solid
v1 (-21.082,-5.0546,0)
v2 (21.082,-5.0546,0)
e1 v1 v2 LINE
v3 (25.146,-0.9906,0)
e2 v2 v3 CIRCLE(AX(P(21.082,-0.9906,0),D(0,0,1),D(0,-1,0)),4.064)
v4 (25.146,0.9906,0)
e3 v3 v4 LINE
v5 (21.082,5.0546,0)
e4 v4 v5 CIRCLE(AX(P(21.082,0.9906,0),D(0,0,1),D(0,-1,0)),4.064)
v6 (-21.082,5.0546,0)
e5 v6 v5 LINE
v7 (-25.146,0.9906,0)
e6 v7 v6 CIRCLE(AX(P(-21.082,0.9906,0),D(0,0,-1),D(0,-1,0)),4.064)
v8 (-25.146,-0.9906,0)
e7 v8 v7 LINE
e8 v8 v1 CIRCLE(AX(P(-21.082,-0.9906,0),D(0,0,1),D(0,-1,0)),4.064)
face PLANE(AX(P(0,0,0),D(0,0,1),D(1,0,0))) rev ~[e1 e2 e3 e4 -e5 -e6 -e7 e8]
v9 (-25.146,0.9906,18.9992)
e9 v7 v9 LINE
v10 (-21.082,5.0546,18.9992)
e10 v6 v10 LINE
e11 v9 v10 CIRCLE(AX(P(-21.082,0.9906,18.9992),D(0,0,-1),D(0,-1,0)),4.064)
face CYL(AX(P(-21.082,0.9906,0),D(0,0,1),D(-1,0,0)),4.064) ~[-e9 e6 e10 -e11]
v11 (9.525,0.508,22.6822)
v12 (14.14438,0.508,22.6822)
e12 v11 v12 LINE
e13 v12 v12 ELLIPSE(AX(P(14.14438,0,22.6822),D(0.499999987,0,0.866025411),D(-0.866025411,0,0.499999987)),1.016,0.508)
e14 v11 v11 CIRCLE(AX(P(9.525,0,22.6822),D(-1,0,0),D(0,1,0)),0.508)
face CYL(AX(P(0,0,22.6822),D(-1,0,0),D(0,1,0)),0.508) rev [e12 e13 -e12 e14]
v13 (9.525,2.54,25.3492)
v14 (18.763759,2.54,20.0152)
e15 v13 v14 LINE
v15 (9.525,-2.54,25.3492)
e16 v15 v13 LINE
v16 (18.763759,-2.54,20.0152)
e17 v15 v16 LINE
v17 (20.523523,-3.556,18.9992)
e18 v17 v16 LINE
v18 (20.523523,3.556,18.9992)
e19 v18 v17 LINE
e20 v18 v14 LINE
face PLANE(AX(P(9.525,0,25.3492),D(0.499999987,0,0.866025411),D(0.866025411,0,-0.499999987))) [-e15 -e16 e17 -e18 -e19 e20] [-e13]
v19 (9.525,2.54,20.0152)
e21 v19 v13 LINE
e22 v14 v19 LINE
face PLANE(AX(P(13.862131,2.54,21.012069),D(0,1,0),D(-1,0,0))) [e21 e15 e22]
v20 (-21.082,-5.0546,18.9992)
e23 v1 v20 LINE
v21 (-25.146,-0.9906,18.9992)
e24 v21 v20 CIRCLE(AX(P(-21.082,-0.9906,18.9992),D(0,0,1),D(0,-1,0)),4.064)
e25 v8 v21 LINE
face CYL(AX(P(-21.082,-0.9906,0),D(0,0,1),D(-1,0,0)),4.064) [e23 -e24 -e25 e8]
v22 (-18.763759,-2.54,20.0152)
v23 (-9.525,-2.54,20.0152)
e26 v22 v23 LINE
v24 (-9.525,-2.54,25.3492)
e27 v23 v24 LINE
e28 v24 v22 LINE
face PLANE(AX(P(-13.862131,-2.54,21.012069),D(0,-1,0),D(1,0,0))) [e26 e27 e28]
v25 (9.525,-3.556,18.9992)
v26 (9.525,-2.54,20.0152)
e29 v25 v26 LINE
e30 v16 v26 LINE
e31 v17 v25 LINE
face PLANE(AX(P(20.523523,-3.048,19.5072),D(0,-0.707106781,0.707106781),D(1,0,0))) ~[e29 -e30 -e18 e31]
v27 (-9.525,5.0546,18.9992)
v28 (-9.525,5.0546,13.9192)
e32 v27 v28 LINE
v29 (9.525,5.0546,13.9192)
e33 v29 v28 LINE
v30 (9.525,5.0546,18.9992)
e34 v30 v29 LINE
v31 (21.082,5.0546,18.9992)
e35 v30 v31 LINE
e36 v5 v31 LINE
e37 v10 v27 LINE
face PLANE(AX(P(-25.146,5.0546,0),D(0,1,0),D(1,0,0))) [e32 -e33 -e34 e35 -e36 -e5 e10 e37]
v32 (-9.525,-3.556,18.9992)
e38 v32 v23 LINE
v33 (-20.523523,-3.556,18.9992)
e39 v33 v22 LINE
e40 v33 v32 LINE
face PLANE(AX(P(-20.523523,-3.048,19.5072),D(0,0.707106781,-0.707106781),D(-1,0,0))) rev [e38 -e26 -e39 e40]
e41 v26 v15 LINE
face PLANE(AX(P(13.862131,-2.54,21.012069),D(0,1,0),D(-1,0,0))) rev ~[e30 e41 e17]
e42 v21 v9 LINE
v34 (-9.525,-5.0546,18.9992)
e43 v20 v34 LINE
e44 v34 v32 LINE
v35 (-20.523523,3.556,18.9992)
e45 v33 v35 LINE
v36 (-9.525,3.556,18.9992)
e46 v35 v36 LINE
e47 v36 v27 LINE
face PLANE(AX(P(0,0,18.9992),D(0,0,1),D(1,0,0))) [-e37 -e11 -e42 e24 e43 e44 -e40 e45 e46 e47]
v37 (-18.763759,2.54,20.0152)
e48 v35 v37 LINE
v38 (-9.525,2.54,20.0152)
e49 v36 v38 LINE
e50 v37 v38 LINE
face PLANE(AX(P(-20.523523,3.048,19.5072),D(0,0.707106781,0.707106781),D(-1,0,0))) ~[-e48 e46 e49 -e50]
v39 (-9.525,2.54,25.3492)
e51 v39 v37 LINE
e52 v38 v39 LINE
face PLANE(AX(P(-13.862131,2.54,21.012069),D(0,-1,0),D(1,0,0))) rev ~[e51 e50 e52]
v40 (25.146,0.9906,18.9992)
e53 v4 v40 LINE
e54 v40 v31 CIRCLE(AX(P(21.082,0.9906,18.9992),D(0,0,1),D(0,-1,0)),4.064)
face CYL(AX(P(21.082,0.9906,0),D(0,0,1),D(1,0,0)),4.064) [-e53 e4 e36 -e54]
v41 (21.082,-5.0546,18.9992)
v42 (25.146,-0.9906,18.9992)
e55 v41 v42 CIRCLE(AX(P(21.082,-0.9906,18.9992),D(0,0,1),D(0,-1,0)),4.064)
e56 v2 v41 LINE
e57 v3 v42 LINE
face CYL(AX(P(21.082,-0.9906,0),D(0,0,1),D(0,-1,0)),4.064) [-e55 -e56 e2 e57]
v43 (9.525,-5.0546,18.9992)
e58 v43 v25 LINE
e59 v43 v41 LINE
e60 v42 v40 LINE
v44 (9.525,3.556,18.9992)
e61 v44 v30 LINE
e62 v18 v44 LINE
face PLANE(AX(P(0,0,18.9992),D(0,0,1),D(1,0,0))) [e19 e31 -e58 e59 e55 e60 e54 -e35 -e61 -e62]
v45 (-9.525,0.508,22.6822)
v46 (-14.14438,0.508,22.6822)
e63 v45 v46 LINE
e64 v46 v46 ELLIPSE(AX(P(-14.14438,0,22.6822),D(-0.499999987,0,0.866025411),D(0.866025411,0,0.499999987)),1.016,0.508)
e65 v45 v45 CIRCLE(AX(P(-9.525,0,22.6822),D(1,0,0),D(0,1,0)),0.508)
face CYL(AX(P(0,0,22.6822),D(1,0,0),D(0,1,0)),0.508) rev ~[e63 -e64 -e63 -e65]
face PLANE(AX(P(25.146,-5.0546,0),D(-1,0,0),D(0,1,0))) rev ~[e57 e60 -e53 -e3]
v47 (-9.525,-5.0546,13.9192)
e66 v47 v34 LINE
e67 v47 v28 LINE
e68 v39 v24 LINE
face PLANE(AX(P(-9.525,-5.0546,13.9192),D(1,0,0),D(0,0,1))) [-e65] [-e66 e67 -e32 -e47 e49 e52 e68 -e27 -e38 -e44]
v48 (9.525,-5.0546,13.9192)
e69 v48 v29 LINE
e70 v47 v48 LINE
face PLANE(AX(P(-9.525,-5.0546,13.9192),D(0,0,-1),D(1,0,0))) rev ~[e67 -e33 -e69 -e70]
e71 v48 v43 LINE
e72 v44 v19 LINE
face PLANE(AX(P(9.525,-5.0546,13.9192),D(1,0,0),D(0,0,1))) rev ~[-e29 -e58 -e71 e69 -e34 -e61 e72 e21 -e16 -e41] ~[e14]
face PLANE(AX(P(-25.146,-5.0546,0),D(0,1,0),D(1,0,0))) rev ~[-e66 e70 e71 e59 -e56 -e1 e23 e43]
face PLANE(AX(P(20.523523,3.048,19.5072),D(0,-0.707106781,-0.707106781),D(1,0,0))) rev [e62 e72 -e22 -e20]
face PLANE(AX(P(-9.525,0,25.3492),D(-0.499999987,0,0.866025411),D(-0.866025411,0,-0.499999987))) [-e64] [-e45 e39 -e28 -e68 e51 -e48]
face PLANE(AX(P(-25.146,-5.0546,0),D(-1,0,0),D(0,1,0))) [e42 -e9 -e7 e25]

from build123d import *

# Parameters (mm, degrees)
SKETCH_W             = 50.292
SKETCH_H             = 10.1092
PAD_DEPTH            = 18.9992
FILLET_R             = 4.064
SKETCH001_W          = 19.05
SKETCH001_H          = 5.08
POCKET_DEPTH         = 10.1102
PAD001_DEPTH         = 2.54
CHAMFER_SIZE         = 1.016
SKETCH003_R          = 0.508
POCKET001_DEPTH      = 25.147
POCKET001_DEPTH_BACK = -25.147


with BuildPart() as part:
    # Sketch → Pad (new body)
    with BuildSketch(Plane.XY):
        Rectangle(SKETCH_W, SKETCH_H)
    extrude(amount=PAD_DEPTH)

    # Fillet
    fillet_edges = [part.edges().sort_by_distance(p)[0] for p in [
        (-25.146, -5.0546, 9.4996),
        (25.146, -5.0546, 9.4996),
        (25.146, 5.0546, 9.4996),
        (-25.146, 5.0546, 9.4996),
    ]]
    fillet(fillet_edges, radius=FILLET_R)

    # Sketch001 (on Face10 of Fillet) → Pocket (cut, through all)
    with BuildSketch(Plane.XZ.offset(5.0546)):
        with Locations((0, 16.4592)):
            Rectangle(SKETCH001_W, SKETCH001_H)
    extrude(amount=-POCKET_DEPTH, mode=Mode.SUBTRACT)

    # Sketch002 → Pad001 (join, symmetric)
    with BuildSketch(Plane.XZ):
        Polygon((9.525, 18.9992), (9.525, 25.3492), (20.523523, 18.9992), align=None)
        Polygon((-9.525, 18.9992), (-9.525, 25.3492), (-20.523523, 18.9992), align=None)
    extrude(amount=PAD001_DEPTH, both=True)

    # Chamfer
    chamfer_edges = [part.edges().sort_by_distance(p)[0] for p in [
        (-15.024261, -2.54, 18.9992),
        (15.024261, -2.54, 18.9992),
        (-15.024261, 2.54, 18.9992),
        (15.024261, 2.54, 18.9992),
    ]]
    chamfer(chamfer_edges, length=CHAMFER_SIZE)

    # Sketch003 → Pocket001 (cut, two sides)
    with BuildSketch(Plane.YZ) as pocket001_sk:
        with Locations((0, 22.6822)):
            Circle(SKETCH003_R)
    extrude(amount=-POCKET001_DEPTH, mode=Mode.SUBTRACT)
    extrude(pocket001_sk.sketch, amount=-POCKET001_DEPTH_BACK, mode=Mode.SUBTRACT)


solid = part.part
